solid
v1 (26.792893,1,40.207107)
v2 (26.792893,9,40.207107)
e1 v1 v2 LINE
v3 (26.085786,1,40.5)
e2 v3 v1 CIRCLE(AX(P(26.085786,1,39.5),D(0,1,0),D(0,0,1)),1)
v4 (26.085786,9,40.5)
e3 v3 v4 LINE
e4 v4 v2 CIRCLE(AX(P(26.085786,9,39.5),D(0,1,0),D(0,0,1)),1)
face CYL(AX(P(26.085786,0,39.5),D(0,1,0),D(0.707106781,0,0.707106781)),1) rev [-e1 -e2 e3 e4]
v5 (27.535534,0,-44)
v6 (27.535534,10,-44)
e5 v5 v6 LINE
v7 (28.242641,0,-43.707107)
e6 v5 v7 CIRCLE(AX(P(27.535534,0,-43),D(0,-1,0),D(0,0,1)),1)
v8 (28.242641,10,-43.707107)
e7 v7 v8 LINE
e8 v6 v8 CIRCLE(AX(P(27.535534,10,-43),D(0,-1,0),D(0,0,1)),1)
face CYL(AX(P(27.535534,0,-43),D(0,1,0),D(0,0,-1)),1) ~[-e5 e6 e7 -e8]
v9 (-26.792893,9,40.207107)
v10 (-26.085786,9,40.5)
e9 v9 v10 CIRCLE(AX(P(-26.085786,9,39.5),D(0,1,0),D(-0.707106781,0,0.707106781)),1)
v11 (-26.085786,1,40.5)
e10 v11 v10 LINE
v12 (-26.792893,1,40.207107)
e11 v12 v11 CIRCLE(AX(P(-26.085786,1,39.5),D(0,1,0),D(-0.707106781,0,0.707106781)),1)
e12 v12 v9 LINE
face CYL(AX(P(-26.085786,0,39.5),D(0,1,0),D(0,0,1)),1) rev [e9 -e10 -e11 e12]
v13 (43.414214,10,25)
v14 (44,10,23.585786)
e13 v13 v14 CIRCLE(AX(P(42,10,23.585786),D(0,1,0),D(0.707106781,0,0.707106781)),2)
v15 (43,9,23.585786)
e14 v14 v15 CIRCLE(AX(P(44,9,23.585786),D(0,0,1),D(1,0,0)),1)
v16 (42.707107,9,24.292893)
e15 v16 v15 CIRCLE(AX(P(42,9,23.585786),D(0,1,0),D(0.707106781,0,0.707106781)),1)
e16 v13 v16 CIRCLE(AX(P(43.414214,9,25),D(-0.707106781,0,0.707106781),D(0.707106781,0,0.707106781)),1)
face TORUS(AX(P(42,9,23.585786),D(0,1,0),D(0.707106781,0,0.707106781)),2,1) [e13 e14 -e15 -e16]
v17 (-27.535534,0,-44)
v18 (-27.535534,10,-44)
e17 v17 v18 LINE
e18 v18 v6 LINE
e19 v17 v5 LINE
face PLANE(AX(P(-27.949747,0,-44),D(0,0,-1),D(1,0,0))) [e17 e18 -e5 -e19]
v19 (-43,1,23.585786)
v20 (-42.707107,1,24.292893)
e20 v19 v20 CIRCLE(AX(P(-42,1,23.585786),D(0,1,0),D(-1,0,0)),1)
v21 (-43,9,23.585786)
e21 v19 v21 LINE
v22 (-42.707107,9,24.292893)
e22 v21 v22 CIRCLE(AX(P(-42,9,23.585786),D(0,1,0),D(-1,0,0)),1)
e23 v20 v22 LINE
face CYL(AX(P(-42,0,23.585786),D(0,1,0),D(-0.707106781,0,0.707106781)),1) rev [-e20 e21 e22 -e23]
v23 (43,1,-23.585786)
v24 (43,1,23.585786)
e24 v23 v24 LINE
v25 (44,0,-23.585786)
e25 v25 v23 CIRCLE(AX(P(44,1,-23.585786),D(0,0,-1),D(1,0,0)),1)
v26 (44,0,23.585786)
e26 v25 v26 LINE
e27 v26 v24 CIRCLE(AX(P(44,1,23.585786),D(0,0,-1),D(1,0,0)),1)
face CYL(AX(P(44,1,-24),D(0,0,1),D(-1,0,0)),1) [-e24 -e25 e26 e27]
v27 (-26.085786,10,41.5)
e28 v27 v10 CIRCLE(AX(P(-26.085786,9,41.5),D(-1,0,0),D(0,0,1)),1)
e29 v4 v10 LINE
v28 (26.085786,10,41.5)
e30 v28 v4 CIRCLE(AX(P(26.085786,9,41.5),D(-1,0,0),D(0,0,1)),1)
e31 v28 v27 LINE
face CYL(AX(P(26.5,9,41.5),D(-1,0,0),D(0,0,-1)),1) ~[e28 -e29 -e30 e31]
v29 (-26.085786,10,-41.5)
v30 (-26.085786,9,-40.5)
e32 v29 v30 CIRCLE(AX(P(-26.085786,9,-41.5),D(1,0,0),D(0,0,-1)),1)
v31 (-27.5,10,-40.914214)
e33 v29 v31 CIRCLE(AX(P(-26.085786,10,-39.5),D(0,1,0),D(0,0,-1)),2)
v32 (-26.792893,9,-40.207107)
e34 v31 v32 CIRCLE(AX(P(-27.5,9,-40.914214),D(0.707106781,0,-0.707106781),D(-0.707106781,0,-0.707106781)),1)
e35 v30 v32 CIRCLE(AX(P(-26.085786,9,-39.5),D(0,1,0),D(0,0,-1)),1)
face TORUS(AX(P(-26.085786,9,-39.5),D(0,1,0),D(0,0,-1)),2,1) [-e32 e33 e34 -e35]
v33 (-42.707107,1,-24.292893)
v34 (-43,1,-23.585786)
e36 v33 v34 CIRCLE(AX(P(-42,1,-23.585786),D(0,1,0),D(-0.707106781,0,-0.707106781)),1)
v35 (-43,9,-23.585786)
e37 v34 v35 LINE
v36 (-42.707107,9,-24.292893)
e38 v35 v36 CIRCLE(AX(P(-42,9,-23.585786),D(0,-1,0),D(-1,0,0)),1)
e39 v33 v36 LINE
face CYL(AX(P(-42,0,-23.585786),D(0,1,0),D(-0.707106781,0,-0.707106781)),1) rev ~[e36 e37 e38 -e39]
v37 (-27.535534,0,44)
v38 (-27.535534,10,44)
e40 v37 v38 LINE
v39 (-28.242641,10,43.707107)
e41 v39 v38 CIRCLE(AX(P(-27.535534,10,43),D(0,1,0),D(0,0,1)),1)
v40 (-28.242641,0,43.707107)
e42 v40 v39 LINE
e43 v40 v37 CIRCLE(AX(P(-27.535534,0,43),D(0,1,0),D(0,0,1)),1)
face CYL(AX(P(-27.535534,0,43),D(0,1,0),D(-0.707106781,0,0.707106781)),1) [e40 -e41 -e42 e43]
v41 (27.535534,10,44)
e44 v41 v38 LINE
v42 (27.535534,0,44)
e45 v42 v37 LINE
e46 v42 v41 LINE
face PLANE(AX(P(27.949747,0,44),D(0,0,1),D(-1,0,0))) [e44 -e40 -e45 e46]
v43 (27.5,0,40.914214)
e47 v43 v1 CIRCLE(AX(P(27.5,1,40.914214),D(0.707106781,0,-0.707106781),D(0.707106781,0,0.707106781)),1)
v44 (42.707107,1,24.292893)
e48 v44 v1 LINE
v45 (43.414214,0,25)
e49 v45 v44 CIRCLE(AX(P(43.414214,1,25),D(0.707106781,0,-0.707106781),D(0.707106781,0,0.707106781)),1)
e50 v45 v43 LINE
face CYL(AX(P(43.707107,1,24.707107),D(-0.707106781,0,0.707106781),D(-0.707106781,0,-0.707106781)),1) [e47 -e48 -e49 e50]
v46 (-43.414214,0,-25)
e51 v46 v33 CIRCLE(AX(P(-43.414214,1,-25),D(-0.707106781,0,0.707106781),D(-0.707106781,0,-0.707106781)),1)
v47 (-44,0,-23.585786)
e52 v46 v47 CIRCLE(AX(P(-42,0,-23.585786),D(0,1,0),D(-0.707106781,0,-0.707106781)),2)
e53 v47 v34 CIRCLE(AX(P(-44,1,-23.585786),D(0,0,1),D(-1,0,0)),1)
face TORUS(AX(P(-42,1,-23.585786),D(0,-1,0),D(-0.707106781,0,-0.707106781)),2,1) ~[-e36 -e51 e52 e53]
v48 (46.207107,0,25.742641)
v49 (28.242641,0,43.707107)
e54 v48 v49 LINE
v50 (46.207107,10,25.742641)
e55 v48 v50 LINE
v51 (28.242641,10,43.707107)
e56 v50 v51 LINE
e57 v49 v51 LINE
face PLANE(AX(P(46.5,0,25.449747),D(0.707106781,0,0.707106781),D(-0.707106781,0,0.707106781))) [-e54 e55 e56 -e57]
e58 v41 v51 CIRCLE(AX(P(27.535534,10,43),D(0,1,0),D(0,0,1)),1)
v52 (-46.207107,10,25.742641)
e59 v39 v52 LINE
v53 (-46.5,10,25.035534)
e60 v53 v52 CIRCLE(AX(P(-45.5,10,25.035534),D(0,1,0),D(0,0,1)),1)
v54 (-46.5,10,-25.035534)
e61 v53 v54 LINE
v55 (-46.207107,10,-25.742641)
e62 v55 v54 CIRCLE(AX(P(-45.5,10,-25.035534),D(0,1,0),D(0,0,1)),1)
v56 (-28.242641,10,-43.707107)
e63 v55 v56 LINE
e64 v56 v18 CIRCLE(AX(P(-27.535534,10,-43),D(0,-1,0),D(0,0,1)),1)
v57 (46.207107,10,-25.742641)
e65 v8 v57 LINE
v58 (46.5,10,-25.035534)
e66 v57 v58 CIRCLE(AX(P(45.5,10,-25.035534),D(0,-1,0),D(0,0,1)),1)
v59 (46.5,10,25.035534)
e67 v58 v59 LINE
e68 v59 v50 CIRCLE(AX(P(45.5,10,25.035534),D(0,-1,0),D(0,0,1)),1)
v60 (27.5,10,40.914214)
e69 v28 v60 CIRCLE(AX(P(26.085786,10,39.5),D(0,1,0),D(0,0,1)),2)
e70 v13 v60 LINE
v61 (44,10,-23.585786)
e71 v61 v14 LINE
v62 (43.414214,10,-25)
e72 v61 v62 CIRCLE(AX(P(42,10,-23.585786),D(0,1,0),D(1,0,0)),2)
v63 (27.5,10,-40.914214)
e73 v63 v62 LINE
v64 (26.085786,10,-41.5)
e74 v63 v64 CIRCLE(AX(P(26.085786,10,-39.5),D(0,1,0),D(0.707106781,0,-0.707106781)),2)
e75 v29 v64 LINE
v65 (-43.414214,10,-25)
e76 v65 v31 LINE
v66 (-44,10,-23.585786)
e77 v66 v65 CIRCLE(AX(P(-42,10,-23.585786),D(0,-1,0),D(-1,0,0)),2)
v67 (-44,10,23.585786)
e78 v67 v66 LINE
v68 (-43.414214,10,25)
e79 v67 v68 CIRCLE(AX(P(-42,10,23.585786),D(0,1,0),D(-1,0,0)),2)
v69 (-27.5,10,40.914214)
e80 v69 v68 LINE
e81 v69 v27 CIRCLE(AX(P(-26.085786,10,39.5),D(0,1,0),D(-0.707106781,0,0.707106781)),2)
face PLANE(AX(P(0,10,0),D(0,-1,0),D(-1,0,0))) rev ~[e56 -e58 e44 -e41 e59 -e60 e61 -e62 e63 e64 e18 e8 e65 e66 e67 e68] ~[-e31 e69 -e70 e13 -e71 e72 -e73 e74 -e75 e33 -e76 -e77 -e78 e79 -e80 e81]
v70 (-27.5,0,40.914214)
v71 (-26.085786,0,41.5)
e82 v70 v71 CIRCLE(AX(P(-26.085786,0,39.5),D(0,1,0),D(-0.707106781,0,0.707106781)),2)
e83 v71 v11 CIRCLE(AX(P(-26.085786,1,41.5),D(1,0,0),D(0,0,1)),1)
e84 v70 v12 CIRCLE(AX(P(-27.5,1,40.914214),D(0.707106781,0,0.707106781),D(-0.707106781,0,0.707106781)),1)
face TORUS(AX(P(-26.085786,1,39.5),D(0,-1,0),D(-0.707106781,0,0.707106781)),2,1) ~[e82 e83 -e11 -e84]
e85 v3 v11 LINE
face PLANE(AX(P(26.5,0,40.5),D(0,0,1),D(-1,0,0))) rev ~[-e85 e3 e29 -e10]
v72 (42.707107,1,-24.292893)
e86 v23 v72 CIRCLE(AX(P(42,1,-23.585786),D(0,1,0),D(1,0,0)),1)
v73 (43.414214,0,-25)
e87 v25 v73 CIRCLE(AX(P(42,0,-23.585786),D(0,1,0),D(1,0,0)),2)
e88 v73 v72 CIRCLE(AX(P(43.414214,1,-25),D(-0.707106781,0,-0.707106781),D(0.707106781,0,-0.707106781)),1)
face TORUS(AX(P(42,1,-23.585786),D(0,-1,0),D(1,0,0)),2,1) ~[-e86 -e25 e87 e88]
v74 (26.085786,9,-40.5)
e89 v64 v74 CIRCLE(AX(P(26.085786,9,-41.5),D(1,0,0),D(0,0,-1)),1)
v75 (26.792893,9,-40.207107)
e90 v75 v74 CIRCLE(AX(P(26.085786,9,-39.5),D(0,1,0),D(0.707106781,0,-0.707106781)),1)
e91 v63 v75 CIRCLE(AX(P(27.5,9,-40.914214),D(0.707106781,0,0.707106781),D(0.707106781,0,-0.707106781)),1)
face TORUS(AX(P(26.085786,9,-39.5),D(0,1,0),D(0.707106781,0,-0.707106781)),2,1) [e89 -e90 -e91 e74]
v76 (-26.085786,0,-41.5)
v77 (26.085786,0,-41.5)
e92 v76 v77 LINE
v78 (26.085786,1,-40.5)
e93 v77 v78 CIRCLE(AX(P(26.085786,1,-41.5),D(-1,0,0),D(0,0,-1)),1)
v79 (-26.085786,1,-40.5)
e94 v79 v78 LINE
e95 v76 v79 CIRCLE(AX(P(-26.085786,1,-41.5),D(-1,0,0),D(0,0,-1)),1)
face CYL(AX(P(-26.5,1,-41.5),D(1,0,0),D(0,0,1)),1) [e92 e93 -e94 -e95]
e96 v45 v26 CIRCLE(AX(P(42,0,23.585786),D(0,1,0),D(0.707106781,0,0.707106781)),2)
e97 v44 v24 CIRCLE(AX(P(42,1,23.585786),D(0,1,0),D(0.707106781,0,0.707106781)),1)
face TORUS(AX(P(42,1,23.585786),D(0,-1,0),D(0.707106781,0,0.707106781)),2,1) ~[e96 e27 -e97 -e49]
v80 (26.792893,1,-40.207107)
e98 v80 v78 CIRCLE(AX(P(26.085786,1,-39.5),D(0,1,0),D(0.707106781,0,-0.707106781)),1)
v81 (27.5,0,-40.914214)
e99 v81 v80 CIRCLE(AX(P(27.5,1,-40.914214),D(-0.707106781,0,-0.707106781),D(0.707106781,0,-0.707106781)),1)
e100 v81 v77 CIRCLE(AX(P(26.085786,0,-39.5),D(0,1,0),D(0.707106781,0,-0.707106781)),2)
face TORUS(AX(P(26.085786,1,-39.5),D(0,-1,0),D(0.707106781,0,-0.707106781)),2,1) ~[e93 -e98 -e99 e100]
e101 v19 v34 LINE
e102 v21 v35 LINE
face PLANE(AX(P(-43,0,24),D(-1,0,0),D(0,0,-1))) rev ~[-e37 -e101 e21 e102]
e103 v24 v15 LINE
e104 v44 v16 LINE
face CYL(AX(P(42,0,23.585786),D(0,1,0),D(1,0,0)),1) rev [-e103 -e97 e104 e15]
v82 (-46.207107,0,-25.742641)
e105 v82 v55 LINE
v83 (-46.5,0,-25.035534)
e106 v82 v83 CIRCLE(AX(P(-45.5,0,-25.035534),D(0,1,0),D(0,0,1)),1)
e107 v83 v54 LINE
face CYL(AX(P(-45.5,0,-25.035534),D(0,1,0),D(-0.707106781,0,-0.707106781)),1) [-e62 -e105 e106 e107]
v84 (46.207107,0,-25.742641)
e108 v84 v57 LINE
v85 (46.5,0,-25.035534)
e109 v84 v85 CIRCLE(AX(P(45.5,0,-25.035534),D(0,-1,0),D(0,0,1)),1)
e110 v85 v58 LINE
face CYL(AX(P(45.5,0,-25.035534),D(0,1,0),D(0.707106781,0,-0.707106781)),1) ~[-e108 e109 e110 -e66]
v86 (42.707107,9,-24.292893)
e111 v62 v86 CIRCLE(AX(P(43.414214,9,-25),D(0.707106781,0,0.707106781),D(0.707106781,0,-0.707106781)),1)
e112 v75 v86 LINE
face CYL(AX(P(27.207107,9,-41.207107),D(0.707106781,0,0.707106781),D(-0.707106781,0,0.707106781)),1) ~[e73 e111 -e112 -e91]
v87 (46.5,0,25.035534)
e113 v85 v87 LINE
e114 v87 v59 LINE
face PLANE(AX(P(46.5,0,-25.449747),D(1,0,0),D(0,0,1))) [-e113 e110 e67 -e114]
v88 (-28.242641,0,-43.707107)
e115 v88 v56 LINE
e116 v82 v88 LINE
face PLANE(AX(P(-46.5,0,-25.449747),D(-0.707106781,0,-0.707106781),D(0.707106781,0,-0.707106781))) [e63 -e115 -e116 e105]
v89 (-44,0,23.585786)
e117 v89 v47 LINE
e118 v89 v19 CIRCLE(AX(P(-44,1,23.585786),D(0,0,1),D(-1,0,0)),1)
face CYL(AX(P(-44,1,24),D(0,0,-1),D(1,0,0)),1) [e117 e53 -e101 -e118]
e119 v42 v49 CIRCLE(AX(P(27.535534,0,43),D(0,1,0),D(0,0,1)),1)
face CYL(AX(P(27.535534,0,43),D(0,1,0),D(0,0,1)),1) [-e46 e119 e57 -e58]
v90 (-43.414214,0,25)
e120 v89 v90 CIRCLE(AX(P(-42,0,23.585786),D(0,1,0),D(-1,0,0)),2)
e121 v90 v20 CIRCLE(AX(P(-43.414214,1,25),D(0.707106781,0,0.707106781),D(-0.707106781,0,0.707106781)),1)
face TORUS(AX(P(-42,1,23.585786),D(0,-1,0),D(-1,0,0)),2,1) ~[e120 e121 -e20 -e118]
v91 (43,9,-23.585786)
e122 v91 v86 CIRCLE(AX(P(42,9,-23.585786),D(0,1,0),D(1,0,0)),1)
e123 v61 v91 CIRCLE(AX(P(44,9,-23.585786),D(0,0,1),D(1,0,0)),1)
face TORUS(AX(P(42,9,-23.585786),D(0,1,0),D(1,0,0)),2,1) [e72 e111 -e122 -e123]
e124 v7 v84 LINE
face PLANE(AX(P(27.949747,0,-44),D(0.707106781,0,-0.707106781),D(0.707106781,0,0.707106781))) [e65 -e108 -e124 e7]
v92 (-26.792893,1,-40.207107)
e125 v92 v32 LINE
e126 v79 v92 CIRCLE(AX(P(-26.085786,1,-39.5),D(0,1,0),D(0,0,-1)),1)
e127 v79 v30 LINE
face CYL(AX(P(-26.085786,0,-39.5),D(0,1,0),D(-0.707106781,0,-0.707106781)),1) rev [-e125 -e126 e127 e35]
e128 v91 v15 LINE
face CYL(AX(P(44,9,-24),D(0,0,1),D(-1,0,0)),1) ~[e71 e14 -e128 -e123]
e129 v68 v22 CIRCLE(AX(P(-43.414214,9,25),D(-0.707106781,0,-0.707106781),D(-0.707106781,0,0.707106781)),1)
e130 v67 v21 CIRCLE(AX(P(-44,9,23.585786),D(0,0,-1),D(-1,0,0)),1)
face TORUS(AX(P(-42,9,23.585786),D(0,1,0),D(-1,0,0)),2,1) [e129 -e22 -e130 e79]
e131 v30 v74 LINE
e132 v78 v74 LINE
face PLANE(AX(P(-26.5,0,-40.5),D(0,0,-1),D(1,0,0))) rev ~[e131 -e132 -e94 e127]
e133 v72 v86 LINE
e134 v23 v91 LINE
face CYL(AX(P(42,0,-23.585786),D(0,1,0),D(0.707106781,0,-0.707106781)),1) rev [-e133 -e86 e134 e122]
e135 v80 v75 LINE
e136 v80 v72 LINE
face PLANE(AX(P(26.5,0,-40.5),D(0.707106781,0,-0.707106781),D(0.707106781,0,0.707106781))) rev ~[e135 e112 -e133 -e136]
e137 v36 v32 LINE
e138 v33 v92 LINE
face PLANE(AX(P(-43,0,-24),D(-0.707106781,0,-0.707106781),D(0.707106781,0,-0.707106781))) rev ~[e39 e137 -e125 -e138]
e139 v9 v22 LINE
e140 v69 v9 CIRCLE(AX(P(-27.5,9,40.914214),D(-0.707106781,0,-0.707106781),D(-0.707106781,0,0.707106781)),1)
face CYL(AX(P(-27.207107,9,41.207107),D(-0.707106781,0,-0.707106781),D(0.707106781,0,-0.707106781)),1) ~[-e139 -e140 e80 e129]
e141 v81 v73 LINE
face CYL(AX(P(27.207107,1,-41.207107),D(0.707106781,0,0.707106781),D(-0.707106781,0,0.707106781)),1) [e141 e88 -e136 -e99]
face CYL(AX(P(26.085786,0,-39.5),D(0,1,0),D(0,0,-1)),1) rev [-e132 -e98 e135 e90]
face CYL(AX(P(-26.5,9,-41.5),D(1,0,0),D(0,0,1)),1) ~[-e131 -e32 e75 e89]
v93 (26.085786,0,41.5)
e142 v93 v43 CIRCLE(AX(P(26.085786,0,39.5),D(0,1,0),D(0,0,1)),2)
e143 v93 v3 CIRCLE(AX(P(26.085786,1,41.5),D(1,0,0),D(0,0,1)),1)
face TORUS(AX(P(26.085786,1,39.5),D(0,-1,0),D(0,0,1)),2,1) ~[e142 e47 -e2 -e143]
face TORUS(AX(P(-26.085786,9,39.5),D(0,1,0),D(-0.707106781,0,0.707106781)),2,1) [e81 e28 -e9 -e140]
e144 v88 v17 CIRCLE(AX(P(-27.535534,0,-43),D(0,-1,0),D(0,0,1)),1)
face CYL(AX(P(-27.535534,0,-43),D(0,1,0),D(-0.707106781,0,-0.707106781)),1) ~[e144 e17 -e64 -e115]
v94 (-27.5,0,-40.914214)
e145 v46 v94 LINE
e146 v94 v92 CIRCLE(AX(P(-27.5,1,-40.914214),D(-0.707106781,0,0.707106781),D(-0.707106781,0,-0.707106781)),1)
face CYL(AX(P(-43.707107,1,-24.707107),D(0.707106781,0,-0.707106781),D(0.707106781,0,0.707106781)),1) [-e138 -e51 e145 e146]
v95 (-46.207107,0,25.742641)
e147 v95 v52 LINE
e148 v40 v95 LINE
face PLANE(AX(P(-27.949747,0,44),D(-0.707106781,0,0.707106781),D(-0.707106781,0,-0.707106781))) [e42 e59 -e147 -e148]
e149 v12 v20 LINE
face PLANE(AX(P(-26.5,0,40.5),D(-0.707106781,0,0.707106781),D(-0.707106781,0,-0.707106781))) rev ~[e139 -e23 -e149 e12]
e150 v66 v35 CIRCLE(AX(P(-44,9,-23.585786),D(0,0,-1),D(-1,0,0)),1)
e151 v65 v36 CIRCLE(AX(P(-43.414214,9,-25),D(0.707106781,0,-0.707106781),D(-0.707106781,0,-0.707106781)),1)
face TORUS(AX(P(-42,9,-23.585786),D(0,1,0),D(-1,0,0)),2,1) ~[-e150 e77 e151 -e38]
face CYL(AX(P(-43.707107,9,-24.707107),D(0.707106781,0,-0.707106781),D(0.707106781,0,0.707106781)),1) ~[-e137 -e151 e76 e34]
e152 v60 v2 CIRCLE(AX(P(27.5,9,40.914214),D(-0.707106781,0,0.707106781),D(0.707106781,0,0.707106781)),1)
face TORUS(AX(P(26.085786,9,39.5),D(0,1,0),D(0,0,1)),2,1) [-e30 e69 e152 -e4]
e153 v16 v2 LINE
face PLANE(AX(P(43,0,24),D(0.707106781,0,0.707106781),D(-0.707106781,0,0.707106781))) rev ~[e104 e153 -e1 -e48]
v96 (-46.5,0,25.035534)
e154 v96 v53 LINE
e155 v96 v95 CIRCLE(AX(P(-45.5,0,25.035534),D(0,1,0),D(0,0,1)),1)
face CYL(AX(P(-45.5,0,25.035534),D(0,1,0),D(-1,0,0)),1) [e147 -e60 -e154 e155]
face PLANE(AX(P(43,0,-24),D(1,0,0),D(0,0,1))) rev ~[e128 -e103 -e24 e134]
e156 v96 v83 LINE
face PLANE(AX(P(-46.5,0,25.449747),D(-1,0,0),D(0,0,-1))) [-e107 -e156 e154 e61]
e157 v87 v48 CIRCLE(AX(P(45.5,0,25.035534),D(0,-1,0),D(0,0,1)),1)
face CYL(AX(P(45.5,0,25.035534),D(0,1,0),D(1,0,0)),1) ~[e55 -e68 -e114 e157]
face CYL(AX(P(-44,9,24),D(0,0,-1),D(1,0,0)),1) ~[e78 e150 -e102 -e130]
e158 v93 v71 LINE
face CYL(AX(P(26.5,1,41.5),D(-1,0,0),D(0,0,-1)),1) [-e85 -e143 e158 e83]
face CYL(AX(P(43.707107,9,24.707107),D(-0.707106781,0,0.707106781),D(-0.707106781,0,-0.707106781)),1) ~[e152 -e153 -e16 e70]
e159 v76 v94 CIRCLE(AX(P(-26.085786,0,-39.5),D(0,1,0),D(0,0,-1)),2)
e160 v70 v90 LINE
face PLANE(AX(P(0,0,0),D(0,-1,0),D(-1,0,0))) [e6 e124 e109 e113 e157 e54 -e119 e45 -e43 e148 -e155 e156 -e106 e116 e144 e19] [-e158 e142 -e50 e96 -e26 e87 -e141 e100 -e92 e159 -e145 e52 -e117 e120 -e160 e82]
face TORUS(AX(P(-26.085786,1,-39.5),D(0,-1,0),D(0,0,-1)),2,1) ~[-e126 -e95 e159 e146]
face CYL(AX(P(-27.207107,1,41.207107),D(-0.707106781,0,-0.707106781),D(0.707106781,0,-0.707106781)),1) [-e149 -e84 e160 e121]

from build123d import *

# Parameters (mm, degrees)
BOSS_EXTRUDE1_DEPTH = 10
FILLET1_R           = 1


with BuildPart() as part:
    # Sketch1 → Boss-Extrude1 (new body)
    with BuildSketch(Plane(origin=(0, 0, 0), x_dir=(1, 0, 0), z_dir=(0, 1, 0))):
        Polygon((-46.5, 25.449747468), (-27.949747468, 44), (27.949747468, 44), (46.5, 25.449747468), (46.5, -25.449747468), (27.949747468, -44), (-27.949747468, -44), (-46.5, -25.449747468), align=None)
        Polygon((-43, 24), (-26.5, 40.5), (26.5, 40.5), (43, 24), (43, -24), (26.5, -40.5), (-26.5, -40.5), (-43, -24), align=None, mode=Mode.SUBTRACT)
    extrude(amount=BOSS_EXTRUDE1_DEPTH)

    # Fillet1
    fillet1_edges = [part.edges().sort_by_distance(p)[0] for p in [
        (-46.5, 5, -25.449747468),
        (-27.949747468, 5, -44),
        (27.949747468, 5, -44),
        (46.5, 5, -25.449747468),
        (46.5, 5, 25.449747468),
        (27.949747468, 5, 44),
        (-27.949747468, 5, 44),
        (-46.5, 5, 25.449747468),
        (-43, 0, 0),
        (-43, 5, -24),
        (-34.75, 0, 32.25),
        (-43, 5, 24),
        (0, 0, 40.5),
        (-26.5, 5, 40.5),
        (34.75, 0, 32.25),
        (26.5, 5, 40.5),
        (43, 0, 0),
        (43, 5, 24),
        (34.75, 0, -32.25),
        (43, 5, -24),
        (0, 0, -40.5),
        (26.5, 5, -40.5),
        (-34.75, 0, -32.25),
        (-26.5, 5, -40.5),
        (-43, 10, 0),
        (-34.75, 10, 32.25),
        (0, 10, 40.5),
        (34.75, 10, 32.25),
        (43, 10, 0),
        (34.75, 10, -32.25),
        (0, 10, -40.5),
        (-34.75, 10, -32.25),
    ]]
    fillet(fillet1_edges, radius=FILLET1_R)


solid = part.part
